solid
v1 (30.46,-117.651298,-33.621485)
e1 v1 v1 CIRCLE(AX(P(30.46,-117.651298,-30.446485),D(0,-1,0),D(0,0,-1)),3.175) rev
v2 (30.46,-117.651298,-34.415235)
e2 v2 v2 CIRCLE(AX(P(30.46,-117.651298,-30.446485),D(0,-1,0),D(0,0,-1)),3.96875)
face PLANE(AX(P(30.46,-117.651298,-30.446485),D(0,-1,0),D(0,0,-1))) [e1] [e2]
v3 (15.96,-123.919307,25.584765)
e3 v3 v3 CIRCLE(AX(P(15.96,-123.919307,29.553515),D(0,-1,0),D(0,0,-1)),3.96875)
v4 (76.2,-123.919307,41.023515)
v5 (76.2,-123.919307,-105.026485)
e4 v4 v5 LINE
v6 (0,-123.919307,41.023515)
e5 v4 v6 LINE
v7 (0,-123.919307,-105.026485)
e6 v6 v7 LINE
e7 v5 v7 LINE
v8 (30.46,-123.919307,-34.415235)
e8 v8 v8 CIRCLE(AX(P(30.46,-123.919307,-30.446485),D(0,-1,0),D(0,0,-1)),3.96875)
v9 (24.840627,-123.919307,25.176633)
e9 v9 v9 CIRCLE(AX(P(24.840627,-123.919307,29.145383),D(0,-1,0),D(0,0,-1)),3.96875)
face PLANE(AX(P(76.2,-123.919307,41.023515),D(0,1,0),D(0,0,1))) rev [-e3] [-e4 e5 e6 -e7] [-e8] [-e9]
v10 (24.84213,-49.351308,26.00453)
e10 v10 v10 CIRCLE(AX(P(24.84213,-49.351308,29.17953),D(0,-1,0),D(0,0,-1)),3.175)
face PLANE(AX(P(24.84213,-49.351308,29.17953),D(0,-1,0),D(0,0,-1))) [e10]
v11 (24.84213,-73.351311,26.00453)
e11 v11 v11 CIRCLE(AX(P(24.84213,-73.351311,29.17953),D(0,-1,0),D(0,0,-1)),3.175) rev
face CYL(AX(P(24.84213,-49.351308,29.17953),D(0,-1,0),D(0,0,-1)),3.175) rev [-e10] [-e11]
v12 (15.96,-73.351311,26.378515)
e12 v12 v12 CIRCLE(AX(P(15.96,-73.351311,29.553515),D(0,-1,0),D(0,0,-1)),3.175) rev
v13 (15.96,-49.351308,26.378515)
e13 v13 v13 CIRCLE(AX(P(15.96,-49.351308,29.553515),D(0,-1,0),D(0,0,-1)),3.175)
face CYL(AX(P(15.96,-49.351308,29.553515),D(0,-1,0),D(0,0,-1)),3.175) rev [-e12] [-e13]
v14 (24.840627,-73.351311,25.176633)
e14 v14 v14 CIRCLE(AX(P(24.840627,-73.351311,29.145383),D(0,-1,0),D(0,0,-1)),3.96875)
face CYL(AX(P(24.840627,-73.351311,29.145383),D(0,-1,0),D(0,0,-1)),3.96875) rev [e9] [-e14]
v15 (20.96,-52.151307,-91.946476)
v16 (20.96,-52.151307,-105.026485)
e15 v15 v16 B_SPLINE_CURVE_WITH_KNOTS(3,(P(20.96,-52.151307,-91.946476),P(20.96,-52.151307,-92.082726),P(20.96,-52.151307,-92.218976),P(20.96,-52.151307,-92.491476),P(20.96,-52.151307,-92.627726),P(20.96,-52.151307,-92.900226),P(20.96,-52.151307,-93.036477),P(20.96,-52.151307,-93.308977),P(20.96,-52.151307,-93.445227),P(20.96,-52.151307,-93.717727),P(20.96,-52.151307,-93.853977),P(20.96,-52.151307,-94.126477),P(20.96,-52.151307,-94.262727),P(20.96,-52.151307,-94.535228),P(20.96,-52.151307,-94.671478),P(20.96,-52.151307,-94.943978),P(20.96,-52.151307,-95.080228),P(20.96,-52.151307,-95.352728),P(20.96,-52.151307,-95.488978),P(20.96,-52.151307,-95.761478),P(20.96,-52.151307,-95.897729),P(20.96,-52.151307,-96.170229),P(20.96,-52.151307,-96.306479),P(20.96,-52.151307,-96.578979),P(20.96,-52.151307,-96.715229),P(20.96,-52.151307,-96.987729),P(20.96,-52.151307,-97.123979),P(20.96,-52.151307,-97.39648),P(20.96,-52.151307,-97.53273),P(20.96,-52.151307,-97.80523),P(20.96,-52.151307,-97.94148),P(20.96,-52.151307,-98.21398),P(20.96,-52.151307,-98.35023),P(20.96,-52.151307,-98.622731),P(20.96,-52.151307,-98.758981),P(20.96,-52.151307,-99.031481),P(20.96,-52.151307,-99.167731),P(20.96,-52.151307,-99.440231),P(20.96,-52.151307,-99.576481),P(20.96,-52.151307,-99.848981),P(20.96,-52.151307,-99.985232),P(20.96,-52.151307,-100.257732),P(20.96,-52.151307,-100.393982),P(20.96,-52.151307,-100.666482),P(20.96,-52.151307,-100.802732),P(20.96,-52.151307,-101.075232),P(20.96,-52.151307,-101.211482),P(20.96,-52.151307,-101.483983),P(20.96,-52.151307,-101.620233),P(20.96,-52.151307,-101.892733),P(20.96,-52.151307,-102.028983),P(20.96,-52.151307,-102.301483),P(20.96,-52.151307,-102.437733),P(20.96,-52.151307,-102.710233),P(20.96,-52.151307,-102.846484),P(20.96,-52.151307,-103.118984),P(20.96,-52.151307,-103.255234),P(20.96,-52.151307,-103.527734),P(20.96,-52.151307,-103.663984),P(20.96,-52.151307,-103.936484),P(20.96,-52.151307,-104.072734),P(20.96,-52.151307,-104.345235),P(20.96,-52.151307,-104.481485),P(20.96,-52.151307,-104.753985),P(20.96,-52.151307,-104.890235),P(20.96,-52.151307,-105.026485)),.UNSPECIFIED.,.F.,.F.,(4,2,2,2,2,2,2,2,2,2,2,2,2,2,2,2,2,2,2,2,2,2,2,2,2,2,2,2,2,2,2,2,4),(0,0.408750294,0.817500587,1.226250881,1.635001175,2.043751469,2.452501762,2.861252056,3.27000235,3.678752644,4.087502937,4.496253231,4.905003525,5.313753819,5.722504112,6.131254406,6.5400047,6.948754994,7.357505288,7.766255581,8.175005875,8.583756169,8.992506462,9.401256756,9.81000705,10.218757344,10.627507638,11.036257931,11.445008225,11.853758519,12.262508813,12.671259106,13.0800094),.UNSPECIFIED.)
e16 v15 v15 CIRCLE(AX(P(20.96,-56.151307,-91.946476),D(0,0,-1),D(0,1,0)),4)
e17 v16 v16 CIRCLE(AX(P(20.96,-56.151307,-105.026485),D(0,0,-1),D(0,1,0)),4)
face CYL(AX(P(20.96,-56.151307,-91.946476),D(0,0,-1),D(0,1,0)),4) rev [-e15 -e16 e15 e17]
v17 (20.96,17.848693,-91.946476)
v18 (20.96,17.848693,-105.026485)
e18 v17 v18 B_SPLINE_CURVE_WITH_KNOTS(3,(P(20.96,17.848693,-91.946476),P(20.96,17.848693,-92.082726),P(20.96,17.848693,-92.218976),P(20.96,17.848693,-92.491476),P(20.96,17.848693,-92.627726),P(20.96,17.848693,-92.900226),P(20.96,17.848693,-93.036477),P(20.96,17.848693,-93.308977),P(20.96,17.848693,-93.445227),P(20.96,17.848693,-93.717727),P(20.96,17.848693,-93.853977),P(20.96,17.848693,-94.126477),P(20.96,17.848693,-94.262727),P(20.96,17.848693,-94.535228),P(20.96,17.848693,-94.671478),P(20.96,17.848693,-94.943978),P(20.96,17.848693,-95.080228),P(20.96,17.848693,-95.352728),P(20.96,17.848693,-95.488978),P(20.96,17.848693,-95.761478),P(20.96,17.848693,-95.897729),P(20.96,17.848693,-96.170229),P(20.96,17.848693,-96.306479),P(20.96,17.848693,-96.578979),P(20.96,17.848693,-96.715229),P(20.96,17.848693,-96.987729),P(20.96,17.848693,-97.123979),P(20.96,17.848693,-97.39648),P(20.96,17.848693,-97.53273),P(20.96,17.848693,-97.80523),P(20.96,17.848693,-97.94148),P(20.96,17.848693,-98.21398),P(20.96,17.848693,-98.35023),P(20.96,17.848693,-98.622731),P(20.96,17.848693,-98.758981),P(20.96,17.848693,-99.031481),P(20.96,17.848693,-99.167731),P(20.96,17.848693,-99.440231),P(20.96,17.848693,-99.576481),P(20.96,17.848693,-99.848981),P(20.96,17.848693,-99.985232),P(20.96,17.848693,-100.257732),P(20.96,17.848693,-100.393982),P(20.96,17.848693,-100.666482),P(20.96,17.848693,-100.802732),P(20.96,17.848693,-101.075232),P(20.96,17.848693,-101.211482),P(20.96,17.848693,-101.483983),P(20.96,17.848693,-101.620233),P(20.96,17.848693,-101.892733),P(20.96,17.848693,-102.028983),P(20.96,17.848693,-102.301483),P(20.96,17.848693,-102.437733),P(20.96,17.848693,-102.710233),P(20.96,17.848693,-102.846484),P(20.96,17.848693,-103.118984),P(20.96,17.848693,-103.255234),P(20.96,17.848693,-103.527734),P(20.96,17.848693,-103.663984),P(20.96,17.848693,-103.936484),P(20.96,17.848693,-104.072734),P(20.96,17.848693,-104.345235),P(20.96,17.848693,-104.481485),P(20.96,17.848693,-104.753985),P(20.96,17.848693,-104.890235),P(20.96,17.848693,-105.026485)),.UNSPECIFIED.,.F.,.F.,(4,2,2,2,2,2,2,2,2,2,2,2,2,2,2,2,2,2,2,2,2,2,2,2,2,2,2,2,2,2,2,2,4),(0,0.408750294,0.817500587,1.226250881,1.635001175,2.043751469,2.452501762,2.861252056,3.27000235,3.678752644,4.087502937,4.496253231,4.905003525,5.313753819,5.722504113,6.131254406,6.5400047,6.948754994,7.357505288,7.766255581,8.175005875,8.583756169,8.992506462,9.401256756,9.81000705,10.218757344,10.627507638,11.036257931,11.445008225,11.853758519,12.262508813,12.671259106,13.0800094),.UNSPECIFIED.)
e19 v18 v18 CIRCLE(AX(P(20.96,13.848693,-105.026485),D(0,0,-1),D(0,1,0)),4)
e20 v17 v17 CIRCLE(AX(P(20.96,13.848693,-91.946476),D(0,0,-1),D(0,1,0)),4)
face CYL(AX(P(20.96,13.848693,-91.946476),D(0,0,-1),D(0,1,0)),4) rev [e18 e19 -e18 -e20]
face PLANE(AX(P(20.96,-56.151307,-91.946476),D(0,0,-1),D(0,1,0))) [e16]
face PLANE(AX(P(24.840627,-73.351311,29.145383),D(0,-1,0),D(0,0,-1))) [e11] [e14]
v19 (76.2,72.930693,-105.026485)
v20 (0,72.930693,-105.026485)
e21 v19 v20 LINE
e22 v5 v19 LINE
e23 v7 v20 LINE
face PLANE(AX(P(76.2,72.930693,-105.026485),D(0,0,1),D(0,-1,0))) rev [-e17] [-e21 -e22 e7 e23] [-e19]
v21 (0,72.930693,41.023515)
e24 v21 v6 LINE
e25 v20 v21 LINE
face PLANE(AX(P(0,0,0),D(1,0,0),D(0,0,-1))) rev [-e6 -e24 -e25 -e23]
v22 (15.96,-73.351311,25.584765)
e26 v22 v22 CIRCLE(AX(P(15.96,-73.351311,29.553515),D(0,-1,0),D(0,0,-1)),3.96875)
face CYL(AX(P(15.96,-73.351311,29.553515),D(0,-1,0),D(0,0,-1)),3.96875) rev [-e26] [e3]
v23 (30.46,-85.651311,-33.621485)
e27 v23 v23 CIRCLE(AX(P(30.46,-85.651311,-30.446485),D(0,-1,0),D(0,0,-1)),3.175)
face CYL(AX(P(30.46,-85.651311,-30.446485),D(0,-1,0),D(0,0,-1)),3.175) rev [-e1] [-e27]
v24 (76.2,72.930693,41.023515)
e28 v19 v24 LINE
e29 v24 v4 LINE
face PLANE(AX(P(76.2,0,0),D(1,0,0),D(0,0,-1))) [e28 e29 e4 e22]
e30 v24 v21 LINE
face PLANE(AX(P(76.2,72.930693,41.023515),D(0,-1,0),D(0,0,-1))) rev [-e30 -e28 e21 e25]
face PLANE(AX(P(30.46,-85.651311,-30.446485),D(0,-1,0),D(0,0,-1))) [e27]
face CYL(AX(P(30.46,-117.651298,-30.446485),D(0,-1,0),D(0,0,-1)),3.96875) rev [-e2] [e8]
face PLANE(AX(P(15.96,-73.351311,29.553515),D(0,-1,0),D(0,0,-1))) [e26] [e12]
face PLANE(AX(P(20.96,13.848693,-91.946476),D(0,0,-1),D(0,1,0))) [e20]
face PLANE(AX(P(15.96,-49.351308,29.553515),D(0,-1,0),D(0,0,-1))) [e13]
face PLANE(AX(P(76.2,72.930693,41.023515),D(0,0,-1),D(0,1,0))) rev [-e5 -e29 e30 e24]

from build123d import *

# Parameters (mm, degrees)
SKETCH1_W           = 146.05
SKETCH1_H           = 196.85
BOSS_EXTRUDE1_DEPTH = 76.2
SKETCH2_R           = 3.175
CUT_EXTRUDE1_DEPTH  = 74.5679992
SKETCH3_R           = 3.96875
CUT_EXTRUDE2_DEPTH  = 50.5679964
SKETCH4_R           = 3.175
CUT_EXTRUDE3_DEPTH  = 38.2679956
SKETCH5_R           = 3.96875
CUT_EXTRUDE4_DEPTH  = 6.2680088
SKETCH6_R           = 4
CUT_EXTRUDE5_DEPTH  = 13.0800094


with BuildPart() as part:
    # Sketch1 → Boss-Extrude1 (new body)
    with BuildSketch(Plane(origin=(0, 0, 0), x_dir=(0, 0, -1), z_dir=(1, 0, 0))):
        with Locations((32.001485149, -25.494306931)):
            Rectangle(SKETCH1_W, SKETCH1_H)
    extrude(amount=BOSS_EXTRUDE1_DEPTH)

    # Sketch2 → Cut-Extrude1 (cut)
    with BuildSketch(Plane.XZ.offset(123.919306931)):
        with Locations(Location((15.96, 29.553514851, 0), (0, 0, 270))):
            Circle(SKETCH2_R)
        with Locations(Location((24.84213013, 29.179530425, 0), (0, 0, 270))):
            Circle(SKETCH2_R)
    extrude(amount=-CUT_EXTRUDE1_DEPTH, mode=Mode.SUBTRACT)

    # Sketch3 → Cut-Extrude2 (cut)
    with BuildSketch(Plane.XZ.offset(123.919306931)):
        with Locations(Location((24.840626577, 29.145383002, 0), (0, 0, 270))):
            Circle(SKETCH3_R)
        with Locations(Location((15.96, 29.553514851, 0), (0, 0, 270))):
            Circle(SKETCH3_R)
    extrude(amount=-CUT_EXTRUDE2_DEPTH, mode=Mode.SUBTRACT)

    # Sketch4 → Cut-Extrude3 (cut)
    with BuildSketch(Plane.XZ.offset(123.919306931)):
        with Locations(Location((30.46, -30.446485149, 0), (0, 0, 270))):
            Circle(SKETCH4_R)
    extrude(amount=-CUT_EXTRUDE3_DEPTH, mode=Mode.SUBTRACT)

    # Sketch5 → Cut-Extrude4 (cut)
    with BuildSketch(Plane.XZ.offset(123.919306931)):
        with Locations(Location((30.46, -30.446485149, 0), (0, 0, 270))):
            Circle(SKETCH5_R)
    extrude(amount=-CUT_EXTRUDE4_DEPTH, mode=Mode.SUBTRACT)

    # Sketch6 → Cut-Extrude5 (cut)
    with BuildSketch(Plane(origin=(0, 0, -105.026485149), x_dir=(-1, 0, 0), z_dir=(0, 0, -1))):
        with Locations(Location((-20.96, -56.151306931, 0), (0, 0, 90))):
            Circle(SKETCH6_R)
        with Locations(Location((-20.96, 13.848693069, 0), (0, 0, 90))):
            Circle(SKETCH6_R)
    extrude(amount=-CUT_EXTRUDE5_DEPTH, mode=Mode.SUBTRACT)


solid = part.part
